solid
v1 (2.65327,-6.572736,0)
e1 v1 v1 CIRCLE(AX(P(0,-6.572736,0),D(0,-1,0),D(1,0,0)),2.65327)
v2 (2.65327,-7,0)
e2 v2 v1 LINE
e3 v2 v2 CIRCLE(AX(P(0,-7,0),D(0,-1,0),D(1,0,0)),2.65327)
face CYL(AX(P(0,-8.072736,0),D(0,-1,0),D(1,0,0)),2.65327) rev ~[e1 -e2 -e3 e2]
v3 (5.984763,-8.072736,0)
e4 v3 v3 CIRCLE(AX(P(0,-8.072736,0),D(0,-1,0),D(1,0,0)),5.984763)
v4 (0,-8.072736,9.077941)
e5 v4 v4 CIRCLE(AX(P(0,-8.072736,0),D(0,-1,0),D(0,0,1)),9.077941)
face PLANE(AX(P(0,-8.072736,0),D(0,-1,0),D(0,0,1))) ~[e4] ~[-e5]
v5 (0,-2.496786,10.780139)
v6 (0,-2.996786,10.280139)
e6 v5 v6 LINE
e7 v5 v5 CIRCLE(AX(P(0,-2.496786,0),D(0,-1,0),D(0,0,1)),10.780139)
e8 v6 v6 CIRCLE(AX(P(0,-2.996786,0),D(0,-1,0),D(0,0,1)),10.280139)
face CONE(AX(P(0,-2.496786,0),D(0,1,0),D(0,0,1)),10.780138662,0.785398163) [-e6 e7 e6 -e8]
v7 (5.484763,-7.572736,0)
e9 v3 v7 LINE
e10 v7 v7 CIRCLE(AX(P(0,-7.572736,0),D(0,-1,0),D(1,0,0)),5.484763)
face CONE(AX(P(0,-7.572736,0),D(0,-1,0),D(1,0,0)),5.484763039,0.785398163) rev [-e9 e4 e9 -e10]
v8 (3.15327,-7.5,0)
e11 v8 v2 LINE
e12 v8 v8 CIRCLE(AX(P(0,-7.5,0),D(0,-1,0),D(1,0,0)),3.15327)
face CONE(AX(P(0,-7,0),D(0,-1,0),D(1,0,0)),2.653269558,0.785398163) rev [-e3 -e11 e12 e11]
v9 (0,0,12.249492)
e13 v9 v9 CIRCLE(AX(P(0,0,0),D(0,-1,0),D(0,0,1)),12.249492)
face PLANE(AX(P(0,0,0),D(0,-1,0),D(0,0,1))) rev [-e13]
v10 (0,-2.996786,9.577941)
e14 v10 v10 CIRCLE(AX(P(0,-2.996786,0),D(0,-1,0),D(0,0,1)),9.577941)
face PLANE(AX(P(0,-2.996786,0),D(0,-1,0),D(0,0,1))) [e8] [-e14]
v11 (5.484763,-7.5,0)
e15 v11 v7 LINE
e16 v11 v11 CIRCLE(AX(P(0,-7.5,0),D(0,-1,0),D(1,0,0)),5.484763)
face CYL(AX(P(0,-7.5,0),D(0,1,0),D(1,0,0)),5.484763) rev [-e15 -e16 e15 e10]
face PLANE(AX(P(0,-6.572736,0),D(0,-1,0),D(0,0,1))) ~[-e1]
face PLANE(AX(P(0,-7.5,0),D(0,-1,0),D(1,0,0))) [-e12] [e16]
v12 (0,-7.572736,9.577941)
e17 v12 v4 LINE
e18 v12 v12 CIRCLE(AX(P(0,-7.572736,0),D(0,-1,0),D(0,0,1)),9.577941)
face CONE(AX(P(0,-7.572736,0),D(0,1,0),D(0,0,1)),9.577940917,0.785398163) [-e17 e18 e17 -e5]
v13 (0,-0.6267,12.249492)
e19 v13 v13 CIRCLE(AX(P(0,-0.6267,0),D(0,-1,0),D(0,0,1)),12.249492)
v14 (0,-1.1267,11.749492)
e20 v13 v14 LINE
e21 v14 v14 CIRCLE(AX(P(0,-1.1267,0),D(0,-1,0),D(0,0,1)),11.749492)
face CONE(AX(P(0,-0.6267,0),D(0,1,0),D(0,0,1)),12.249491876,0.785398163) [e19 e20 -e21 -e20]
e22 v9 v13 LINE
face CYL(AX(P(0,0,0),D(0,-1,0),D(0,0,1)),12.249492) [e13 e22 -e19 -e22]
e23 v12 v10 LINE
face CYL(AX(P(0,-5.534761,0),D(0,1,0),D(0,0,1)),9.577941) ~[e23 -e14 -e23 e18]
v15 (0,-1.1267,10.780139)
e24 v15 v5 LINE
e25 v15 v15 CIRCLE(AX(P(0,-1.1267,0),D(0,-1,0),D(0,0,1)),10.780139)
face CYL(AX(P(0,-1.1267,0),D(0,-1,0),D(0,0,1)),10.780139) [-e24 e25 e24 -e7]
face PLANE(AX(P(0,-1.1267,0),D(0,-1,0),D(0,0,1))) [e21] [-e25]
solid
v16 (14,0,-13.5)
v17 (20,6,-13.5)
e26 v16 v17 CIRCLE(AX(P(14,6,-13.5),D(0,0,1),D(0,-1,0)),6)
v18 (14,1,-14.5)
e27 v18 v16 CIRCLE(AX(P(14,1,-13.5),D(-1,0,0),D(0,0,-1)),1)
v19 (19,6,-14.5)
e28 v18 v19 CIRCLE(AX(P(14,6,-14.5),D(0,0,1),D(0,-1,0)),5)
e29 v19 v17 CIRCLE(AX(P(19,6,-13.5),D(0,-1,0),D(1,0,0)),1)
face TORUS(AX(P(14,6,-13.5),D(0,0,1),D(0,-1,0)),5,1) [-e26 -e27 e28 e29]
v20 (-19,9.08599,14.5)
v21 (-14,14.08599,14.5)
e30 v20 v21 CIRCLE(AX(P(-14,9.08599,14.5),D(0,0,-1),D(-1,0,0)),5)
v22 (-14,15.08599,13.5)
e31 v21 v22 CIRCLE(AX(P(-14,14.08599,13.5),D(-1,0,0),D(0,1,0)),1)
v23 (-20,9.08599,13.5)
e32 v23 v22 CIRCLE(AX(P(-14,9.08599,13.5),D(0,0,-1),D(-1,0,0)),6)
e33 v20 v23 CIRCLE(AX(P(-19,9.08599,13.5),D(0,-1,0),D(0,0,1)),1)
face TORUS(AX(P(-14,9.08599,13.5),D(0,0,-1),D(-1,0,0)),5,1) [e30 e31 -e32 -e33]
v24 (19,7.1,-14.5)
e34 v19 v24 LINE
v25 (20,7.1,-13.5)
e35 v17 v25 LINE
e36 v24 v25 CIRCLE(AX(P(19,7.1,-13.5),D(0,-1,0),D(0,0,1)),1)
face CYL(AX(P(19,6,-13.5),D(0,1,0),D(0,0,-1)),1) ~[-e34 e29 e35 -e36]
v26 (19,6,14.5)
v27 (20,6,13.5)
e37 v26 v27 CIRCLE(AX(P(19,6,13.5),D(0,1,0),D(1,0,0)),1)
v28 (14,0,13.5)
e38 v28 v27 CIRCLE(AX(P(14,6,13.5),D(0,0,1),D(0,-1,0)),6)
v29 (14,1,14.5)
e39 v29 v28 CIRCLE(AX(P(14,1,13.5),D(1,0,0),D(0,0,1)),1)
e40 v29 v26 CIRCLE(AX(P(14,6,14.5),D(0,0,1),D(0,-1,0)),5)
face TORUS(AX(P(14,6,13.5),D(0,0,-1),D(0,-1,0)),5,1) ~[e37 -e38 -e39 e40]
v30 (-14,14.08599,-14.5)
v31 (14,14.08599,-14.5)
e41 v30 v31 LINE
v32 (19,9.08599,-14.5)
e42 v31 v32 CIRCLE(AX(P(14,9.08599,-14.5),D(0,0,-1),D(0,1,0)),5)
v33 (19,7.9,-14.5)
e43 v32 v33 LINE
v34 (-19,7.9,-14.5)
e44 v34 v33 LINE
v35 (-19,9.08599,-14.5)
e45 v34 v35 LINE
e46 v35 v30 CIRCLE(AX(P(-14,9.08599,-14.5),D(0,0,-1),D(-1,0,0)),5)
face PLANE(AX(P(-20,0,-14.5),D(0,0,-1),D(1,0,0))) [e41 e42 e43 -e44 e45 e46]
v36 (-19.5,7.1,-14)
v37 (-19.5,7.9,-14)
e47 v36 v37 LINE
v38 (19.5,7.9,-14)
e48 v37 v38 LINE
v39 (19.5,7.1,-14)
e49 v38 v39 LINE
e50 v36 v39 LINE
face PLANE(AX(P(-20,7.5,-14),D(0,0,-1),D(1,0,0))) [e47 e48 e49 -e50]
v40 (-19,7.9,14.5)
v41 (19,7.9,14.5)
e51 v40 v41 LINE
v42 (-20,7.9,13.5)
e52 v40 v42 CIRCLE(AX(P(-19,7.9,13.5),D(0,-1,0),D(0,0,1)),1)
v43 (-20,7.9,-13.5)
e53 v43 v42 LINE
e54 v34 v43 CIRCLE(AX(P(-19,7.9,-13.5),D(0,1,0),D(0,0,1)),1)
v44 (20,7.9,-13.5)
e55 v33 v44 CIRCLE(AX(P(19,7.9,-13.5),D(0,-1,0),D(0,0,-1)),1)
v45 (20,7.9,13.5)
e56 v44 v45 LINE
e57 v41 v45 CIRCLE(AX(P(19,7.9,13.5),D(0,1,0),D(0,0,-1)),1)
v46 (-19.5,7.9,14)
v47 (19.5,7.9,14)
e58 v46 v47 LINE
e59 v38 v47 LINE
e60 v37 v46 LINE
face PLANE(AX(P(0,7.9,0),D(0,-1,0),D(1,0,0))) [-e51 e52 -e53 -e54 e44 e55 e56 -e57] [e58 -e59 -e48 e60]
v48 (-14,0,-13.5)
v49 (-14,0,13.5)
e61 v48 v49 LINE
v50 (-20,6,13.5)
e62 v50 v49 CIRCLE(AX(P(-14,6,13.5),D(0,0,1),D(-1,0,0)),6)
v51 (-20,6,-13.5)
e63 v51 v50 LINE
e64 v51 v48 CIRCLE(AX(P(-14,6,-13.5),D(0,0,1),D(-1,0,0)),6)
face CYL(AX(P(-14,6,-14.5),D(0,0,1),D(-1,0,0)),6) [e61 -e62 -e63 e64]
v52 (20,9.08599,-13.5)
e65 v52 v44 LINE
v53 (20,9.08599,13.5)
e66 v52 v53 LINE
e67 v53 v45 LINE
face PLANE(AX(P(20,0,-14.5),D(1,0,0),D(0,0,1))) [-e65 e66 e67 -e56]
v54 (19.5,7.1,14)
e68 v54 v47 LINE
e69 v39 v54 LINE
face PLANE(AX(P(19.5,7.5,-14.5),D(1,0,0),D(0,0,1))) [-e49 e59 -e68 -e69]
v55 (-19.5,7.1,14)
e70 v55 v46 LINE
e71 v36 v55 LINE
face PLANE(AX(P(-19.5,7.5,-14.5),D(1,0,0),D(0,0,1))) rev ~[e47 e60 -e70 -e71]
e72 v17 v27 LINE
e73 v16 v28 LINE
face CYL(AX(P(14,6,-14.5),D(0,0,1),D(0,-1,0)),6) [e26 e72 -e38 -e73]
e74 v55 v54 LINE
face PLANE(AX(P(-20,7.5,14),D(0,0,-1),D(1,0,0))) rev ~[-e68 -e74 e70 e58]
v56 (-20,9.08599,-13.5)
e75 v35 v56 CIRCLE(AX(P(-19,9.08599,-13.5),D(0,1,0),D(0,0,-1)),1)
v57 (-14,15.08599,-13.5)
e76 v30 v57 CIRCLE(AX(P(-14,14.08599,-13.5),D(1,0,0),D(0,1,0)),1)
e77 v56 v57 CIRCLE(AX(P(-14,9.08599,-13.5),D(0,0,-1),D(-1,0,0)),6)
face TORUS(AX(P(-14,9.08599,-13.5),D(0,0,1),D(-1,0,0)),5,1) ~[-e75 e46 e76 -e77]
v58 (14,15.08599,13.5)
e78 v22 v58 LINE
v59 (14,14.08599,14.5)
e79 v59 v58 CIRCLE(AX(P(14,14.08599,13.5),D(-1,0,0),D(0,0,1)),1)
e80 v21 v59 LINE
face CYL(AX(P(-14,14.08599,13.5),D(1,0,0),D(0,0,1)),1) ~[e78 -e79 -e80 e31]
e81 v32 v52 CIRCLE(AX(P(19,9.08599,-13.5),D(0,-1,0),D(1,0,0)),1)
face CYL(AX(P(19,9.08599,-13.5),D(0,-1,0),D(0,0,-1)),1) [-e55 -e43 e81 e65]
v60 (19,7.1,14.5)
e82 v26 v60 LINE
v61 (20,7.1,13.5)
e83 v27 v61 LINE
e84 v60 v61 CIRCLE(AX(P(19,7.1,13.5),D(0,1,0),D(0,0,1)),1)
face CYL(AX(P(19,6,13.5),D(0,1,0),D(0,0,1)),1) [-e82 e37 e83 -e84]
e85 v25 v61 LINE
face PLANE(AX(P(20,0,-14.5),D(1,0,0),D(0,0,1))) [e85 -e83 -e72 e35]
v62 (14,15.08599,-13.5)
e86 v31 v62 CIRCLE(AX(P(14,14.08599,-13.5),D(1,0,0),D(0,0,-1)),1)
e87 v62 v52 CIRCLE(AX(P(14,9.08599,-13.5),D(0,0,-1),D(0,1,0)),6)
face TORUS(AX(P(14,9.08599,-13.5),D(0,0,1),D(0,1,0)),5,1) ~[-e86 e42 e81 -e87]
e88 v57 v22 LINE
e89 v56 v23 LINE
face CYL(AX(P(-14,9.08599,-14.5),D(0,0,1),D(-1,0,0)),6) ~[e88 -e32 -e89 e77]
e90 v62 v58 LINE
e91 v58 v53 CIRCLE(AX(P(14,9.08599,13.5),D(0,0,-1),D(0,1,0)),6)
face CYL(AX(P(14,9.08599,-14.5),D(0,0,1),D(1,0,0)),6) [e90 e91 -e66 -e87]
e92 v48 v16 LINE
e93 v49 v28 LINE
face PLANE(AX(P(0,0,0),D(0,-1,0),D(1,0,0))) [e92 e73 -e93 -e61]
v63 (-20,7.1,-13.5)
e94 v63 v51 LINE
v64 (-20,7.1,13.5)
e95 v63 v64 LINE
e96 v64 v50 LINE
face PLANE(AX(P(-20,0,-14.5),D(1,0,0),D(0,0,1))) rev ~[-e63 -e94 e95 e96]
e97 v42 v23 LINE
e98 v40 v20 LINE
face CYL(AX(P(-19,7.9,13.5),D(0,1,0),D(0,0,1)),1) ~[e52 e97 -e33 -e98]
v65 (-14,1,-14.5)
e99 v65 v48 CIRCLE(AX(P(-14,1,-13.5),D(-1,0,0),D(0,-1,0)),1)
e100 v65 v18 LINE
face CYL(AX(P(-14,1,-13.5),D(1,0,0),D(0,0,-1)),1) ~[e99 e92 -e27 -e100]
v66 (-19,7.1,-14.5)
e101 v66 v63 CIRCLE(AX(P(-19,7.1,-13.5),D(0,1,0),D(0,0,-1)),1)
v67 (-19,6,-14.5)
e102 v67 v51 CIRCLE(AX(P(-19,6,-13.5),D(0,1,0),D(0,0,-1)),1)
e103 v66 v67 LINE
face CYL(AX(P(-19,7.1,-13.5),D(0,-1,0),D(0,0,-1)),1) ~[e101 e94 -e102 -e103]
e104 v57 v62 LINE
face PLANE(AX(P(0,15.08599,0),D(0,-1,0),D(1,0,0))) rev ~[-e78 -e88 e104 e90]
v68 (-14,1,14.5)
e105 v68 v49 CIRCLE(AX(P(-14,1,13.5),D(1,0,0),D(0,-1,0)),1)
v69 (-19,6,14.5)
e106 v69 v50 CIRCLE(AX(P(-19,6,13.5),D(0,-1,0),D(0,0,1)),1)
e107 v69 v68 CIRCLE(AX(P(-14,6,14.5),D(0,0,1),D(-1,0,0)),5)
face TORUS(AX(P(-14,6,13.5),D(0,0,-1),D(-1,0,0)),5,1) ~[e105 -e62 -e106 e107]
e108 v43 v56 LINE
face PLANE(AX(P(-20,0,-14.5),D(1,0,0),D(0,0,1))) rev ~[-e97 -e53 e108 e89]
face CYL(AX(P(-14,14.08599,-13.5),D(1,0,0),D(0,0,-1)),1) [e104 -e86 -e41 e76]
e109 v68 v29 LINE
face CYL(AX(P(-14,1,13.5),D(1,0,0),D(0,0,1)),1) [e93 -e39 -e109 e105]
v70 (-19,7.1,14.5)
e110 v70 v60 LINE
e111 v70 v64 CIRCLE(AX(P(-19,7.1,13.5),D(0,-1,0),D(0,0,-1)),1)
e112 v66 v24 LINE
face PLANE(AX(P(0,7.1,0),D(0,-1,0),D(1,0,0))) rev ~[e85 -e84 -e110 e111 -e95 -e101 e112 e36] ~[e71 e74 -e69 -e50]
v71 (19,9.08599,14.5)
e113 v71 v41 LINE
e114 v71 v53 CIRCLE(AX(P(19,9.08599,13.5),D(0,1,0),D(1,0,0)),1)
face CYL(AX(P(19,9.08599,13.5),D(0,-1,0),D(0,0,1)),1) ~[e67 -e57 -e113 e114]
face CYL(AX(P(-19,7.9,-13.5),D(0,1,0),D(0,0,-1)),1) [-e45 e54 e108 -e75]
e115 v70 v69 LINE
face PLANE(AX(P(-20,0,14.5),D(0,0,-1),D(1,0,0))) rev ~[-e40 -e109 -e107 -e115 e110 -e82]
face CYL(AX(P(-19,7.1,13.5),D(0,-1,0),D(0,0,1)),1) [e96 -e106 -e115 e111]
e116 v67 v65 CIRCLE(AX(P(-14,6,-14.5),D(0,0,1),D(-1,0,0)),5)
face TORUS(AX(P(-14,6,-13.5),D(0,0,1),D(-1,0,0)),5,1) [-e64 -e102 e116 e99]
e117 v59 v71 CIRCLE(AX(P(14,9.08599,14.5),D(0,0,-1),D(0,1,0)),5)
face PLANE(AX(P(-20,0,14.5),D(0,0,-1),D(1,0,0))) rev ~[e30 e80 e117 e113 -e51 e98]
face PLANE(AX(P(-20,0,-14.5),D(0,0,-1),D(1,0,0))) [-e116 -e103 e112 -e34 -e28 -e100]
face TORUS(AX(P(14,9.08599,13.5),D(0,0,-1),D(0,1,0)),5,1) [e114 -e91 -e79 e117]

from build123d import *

# Parameters (mm, degrees)
F0_W     = 40
F0_H     = 29
F0_R     = 12.2201503023
F0_R_2   = 10.8303270275
F0_R_3   = 9.5580037693
F0_R_4   = 5.4847630388
F0_R_5   = 2.6532695581
F2_DEPTH = 15.08599
F1_W     = 5.0759501755
F1_H     = 9.5779409166
F4_START = 7.5
F4_DEPTH = 0.5727357417
F5_DEPTH = 1.5
F7_W     = 40
F7_H     = 29
F8_DEPTH = 0.4
F9_T     = -0.5
F11_R    = 6
F12_R    = 1
F13_SIZE = 0.5


with BuildPart() as f2:
    # F0 (on Front) → F2 (new body)
    with BuildSketch(Plane.XZ):
        Rectangle(F0_W, F0_H)
        Circle(F0_R, mode=Mode.SUBTRACT)
        Circle(F0_R)
        Circle(F0_R_2, mode=Mode.SUBTRACT)
        Circle(F0_R_2)
        Circle(F0_R_3, mode=Mode.SUBTRACT)
        Circle(F0_R_3)
        Circle(F0_R_4, mode=Mode.SUBTRACT)
        Circle(F0_R_4)
        Circle(F0_R_5, mode=Mode.SUBTRACT)
        Circle(F0_R_5)
    extrude(amount=-F2_DEPTH)


with BuildPart() as f3:
    # F1 (on Right) → F3 (revolve)
    with BuildSketch(Plane.YZ):
        Polygon((0, 0), (0, 12.249491876), (-1.1267004302, 12.249491876), (-1.1267004302, 10.7801386621), (-1.1267004302, 0), align=None)
        Polygon((-2.9967855662, 0), (-1.1267004302, 0), (-1.1267004302, 10.7801386621), (-2.9967855662, 10.7801386621), (-2.9967855662, 9.5779409166), align=None)
        with Locations((-5.534760654, 4.7889704583)):
            Rectangle(F1_W, F1_H)
    revolve(axis=Axis((0, -4.0363678709, 0), (0, -1, 0)))

    # F0 (on Front) → F4 (cut)
    with BuildSketch(Plane.XZ.offset(F4_START)):
        Circle(F0_R_4)
        Circle(F0_R_5, mode=Mode.SUBTRACT)
    extrude(amount=F4_DEPTH, mode=Mode.SUBTRACT)

    # F5 (cut): a face of the model
    f5_faces = [f3.faces().sort_by_distance(p)[0] for p in [
        (0, -8.0727357417, 0),
    ]]
    extrude(f5_faces, amount=-F5_DEPTH, mode=Mode.SUBTRACT)

    # F13
    f13_edges = [f3.edges().sort_by_distance(p)[0] for p in [
        (0, -8.072736, -9.577941),
        (0, -2.996786, -10.780139),
        (0, -1.1267, -12.249492),
        (-5.484763, -8.072736, 0),
        (-2.65327, -7.5, 0),
    ]]
    chamfer(f13_edges, length=F13_SIZE)


with BuildPart() as f8:
    # F7 (on offset) → F8 (new body, symmetric)
    with BuildSketch(Plane.XZ.offset(-7.5)):
        Rectangle(F7_W, F7_H)
    extrude(amount=F8_DEPTH, both=True)

    # F9
    f9_openings = [f8.faces().sort_by_distance(p)[0] for p in [
        (0, 7.1, 0),
        (0, 7.9, 0),
    ]]
    offset(amount=F9_T, openings=f9_openings)


with BuildPart() as f2_1:
    add(f2.part)

    # F10: cut F8
    add(f8.part, mode=Mode.SUBTRACT)

    # F11
    f11_edges = [f2_1.edges().sort_by_distance(p)[0] for p in [
        (20, 0, 0),
        (20, 15.08599, 0),
        (-20, 0, 0),
        (-20, 15.08599, 0),
    ]]
    fillet(f11_edges, radius=F11_R)

    # F12
    f12_edges = [f2_1.edges().sort_by_distance(p)[0] for p in [
        (0, 0, 14.5),
        (0, 15.08599, 14.5),
        (0, 15.08599, -14.5),
        (0, 0, -14.5),
    ]]
    fillet(f12_edges, radius=F12_R)


solid = Compound([f3.part, f2_1.part])
